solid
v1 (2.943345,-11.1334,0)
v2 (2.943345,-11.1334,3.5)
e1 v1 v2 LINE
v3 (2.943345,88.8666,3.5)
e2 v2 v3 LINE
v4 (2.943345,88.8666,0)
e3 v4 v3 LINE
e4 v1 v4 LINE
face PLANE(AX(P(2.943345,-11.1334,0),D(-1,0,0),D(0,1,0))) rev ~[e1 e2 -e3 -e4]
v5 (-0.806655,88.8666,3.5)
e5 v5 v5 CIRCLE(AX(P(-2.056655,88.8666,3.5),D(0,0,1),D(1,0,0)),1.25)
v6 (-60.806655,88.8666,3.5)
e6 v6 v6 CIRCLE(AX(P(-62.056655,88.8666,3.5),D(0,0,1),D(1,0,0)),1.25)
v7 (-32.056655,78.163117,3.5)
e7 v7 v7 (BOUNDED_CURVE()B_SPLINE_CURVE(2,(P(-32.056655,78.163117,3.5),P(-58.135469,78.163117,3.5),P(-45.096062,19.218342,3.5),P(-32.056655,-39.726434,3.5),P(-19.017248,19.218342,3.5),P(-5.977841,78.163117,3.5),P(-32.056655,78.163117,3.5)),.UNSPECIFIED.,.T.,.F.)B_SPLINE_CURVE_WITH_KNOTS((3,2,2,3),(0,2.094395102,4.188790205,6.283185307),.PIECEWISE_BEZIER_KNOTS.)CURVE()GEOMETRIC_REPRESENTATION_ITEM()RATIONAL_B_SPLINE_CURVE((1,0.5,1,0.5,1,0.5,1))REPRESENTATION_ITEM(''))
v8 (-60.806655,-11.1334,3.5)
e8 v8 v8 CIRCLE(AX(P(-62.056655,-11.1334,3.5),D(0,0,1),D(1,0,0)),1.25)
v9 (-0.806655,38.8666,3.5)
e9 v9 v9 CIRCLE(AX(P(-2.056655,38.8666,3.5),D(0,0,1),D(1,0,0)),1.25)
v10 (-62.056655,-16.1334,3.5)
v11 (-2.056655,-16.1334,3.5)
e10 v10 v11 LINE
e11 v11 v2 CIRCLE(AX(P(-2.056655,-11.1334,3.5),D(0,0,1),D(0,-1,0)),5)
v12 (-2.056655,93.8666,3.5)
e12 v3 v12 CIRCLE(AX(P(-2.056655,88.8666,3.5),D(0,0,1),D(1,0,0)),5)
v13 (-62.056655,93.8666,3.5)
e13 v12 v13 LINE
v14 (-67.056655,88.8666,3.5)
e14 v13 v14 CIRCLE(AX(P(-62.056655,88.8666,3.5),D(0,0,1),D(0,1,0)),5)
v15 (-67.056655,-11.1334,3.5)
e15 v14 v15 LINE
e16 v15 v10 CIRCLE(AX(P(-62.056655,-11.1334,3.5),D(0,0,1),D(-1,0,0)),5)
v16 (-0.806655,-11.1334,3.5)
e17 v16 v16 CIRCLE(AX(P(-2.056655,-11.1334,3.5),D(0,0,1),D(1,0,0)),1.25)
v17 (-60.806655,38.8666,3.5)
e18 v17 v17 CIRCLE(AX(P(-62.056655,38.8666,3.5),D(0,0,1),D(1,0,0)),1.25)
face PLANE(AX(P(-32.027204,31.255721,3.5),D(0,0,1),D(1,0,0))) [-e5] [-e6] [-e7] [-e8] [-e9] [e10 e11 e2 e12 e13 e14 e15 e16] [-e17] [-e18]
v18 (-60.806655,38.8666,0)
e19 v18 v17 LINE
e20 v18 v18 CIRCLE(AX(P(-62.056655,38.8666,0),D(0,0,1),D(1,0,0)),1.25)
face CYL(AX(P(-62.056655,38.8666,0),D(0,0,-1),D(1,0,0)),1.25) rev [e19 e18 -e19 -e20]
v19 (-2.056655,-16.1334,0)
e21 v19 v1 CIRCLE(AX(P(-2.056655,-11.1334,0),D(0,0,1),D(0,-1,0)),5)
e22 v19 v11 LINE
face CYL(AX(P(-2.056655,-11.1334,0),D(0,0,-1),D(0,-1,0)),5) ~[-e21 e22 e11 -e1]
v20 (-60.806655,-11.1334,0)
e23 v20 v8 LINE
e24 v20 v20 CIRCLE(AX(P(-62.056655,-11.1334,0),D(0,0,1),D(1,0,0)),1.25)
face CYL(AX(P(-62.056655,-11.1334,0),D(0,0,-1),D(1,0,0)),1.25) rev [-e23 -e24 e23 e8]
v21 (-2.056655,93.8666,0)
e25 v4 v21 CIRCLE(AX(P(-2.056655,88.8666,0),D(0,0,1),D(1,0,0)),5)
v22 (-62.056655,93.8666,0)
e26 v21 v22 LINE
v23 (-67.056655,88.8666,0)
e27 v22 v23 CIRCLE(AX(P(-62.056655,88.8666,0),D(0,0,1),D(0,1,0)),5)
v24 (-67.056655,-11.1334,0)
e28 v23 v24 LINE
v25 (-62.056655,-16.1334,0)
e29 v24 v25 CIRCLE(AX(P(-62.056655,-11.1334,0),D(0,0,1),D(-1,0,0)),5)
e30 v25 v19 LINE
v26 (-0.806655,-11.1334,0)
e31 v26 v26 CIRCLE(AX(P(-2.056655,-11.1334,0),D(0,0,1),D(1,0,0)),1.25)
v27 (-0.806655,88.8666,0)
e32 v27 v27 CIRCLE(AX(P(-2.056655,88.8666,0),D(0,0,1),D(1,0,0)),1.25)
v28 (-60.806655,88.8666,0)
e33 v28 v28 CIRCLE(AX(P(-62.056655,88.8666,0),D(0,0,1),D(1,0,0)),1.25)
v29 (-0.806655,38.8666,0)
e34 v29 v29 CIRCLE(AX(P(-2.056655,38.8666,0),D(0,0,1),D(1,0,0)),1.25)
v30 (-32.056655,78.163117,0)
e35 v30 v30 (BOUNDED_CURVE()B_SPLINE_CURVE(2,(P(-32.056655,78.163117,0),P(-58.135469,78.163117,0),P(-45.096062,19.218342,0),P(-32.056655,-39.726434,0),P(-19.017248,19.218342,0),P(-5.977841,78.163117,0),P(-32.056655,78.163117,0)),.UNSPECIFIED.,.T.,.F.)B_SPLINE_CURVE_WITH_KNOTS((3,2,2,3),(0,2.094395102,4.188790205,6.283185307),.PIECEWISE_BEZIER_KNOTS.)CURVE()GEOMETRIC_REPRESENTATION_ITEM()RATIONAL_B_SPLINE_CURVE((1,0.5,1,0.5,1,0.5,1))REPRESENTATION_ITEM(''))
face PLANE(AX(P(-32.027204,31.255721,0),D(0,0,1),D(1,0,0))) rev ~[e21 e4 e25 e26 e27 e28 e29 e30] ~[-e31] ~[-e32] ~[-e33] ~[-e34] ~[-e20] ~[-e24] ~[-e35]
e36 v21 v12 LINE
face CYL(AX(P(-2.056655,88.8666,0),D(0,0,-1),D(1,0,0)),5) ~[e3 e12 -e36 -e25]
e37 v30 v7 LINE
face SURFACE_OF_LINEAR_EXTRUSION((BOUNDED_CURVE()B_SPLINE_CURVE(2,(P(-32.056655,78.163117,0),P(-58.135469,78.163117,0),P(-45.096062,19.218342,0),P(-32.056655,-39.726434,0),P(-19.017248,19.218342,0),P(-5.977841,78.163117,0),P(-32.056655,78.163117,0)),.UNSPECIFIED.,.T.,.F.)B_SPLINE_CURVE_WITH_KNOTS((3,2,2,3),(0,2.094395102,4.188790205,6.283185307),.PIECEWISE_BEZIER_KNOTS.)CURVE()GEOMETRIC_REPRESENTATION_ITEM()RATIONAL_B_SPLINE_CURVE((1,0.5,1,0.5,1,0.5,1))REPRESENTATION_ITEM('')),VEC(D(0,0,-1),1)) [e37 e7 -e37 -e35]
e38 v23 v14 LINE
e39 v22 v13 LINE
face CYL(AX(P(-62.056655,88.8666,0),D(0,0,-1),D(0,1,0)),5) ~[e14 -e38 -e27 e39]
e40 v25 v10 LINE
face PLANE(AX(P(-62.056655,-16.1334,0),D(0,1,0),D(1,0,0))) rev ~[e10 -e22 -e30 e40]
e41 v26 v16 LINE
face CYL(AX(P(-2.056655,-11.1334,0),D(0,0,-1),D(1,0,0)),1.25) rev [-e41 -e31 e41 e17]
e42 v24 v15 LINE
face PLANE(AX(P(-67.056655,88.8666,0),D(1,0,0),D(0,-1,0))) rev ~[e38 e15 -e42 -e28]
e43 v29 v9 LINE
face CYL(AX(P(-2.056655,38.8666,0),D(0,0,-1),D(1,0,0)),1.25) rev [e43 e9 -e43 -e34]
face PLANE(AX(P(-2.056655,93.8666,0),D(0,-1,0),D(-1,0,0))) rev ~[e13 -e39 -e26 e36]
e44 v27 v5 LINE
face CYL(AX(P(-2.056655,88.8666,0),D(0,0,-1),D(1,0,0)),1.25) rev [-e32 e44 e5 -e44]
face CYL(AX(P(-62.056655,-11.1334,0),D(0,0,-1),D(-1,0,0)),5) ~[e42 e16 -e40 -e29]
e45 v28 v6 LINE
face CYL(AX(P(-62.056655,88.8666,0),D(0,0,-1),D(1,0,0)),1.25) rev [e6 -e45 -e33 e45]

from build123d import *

# Parameters (mm, degrees)
F0_R     = 1.25
F1_DEPTH = 3.5


with BuildPart() as f1:
    # F0 (on Top) → F1 (new body)
    with BuildSketch(Plane.XY):
        with BuildLine():
            ThreePointArc((2.9433448431, 88.8666001019), (1.4788787491, 92.4021340078), (-2.0566551569, 93.8666001019))
            Line((-2.0566551569, 93.8666001019), (-5.0066551569, 93.8666001019))
            Line((-5.0066551569, 93.8666001019), (-5.0066551569, 81.6666001019))
            Line((-5.0066551569, 81.6666001019), (-5.0066551569, 0.7979066769))
            ThreePointArc((-5.0066551569, 0.7979066769), (-4.1629808928, -0.3137986112), (-3.8633385987, -1.6768427803))
            ThreePointArc((-3.8633385987, -1.6768427803), (-5.8965647397, -4.6904720501), (-9.452237907, -3.9333998981))
            Line((-9.452237907, -3.9333998981), (-54.6582675917, -3.9333998981))
            ThreePointArc((-54.6582675917, -3.9333998981), (-59.2649098879, -3.7999920333), (-59.1066551569, 0.8058636248))
            Line((-59.1066551569, 0.8058636248), (-59.1066551569, 81.6666001019))
            Line((-59.1066551569, 81.6666001019), (-59.1066551569, 93.8666001019))
            Line((-59.1066551569, 93.8666001019), (-62.0566551569, 93.8666001019))
            ThreePointArc((-62.0566551569, 93.8666001019), (-65.5921890628, 92.4021340078), (-67.0566551569, 88.8666001019))
            Line((-67.0566551569, 88.8666001019), (-67.0566551569, -11.1333998981))
            ThreePointArc((-67.0566551569, -11.1333998981), (-65.5921890628, -14.668933804), (-62.0566551569, -16.1333998981))
            Line((-62.0566551569, -16.1333998981), (-2.0566551569, -16.1333998981))
            ThreePointArc((-2.0566551569, -16.1333998981), (1.4788787491, -14.668933804), (2.9433448431, -11.1333998981))
            Line((2.9433448431, -11.1333998981), (2.9433448431, 88.8666001019))
        make_face()
        with Locations((-62.0566551569, -11.1333998981)):
            Circle(F0_R, mode=Mode.SUBTRACT)
        with Locations((-2.0566551569, -11.1333998981)):
            Circle(F0_R, mode=Mode.SUBTRACT)
        with Locations((-62.0566551569, 38.8666001019)):
            Circle(F0_R, mode=Mode.SUBTRACT)
        with Locations((-62.0566551569, 88.8666001019)):
            Circle(F0_R, mode=Mode.SUBTRACT)
        with Locations((-2.0566551569, 38.8666001019)):
            Circle(F0_R, mode=Mode.SUBTRACT)
        with Locations((-2.0566551569, 88.8666001019)):
            Circle(F0_R, mode=Mode.SUBTRACT)
        with BuildLine():
            Line((-5.0066551569, 81.6666001019), (-5.0066551569, 93.8666001019))
            Line((-5.0066551569, 93.8666001019), (-59.1066551569, 93.8666001019))
            Line((-59.1066551569, 93.8666001019), (-59.1066551569, 81.6666001019))
            Line((-59.1066551569, 81.6666001019), (-59.1066551569, 0.8058636248))
            ThreePointArc((-59.1066551569, 0.8058636248), (-58.157920057, 1.4189207855), (-57.0566551569, 1.6702233759))
            Line((-57.0566551569, 1.6702233759), (-57.0566551569, 80.6666001019))
            Line((-57.0566551569, 80.6666001019), (-7.0566551569, 80.6666001019))
            Line((-7.0566551569, 80.6666001019), (-7.0566551569, 1.5726628725))
            ThreePointArc((-7.0566551569, 1.5726628725), (-5.964382177, 1.3632886545), (-5.0066551569, 0.7979066769))
            Line((-5.0066551569, 0.7979066769), (-5.0066551569, 81.6666001019))
        make_face()
        with BuildLine():
            ThreePointArc((-10.1105980486, -2.9333998981), (-9.8036726371, 0.1465065451), (-7.0566551569, 1.5726628725))
            Line((-7.0566551569, 1.5726628725), (-7.0566551569, 80.6666001019))
            Line((-7.0566551569, 80.6666001019), (-57.0566551569, 80.6666001019))
            Line((-57.0566551569, 80.6666001019), (-57.0566551569, 1.6702233759))
            ThreePointArc((-57.0566551569, 1.6702233759), (-54.6549409256, 0.7787072332), (-53.6452436516, -1.5757658918))
            ThreePointArc((-53.6452436516, -1.5757658918), (-53.7203998576, -2.2706521298), (-53.9423925031, -2.9333998981))
            Line((-53.9423925031, -2.9333998981), (-10.1105980486, -2.9333998981))
        make_face()
        with BuildLine():
            add(Edge.make_bspline(
                [(-32.0566551569, 78.1631171703), (-58.1354688254, 78.1631171703), (-45.0960619911, 19.2183415677), (-32.0566551569, -39.7264340349), (-19.0172483226, 19.2183415677), (-5.9778414883, 78.1631171703), (-32.0566551569, 78.1631171703)],
                knots=[0, 0, 0, 2.0943951024, 2.0943951024, 4.1887902048, 4.1887902048, 6.2831853072, 6.2831853072, 6.2831853072], degree=2, weights=[1, 0.5, 1, 0.5, 1, 0.5, 1]))
        make_face(mode=Mode.SUBTRACT)
        with BuildLine():
            ThreePointArc((-57.0566551569, 1.6702233759), (-58.157920057, 1.4189207855), (-59.1066551569, 0.8058636248))
            Line((-59.1066551569, 0.8058636248), (-59.1066551569, -3.9333998981))
            Line((-59.1066551569, -3.9333998981), (-54.6582675917, -3.9333998981))
            ThreePointArc((-54.6582675917, -3.9333998981), (-54.2525978915, -3.4675701594), (-53.9423925031, -2.9333998981))
            Line((-53.9423925031, -2.9333998981), (-57.0566551569, -2.9333998981))
            Line((-57.0566551569, -2.9333998981), (-57.0566551569, 1.6702233759))
        make_face()
        with BuildLine():
            ThreePointArc((-53.6452436516, -1.5757658918), (-54.6549409256, 0.7787072332), (-57.0566551569, 1.6702233759))
            Line((-57.0566551569, 1.6702233759), (-57.0566551569, -2.9333998981))
            Line((-57.0566551569, -2.9333998981), (-53.9423925031, -2.9333998981))
            ThreePointArc((-53.9423925031, -2.9333998981), (-53.7203998576, -2.2706521298), (-53.6452436516, -1.5757658918))
        make_face()
        with BuildLine():
            Line((-59.1066551569, -3.9333998981), (-59.1066551569, 0.8058636248))
            ThreePointArc((-59.1066551569, 0.8058636248), (-59.2649098879, -3.7999920333), (-54.6582675917, -3.9333998981))
            Line((-54.6582675917, -3.9333998981), (-59.1066551569, -3.9333998981))
        make_face()
        with BuildLine():
            ThreePointArc((-53.9423925031, -2.9333998981), (-54.2525978915, -3.4675701594), (-54.6582675917, -3.9333998981))
            Line((-54.6582675917, -3.9333998981), (-9.452237907, -3.9333998981))
            ThreePointArc((-9.452237907, -3.9333998981), (-9.827863893, -3.4639780374), (-10.1105980486, -2.9333998981))
            Line((-10.1105980486, -2.9333998981), (-53.9423925031, -2.9333998981))
        make_face()
        with BuildLine():
            ThreePointArc((-3.8633385987, -1.6768427803), (-4.1629808928, -0.3137986112), (-5.0066551569, 0.7979066769))
            Line((-5.0066551569, 0.7979066769), (-5.0066551569, -3.9333998981))
            Line((-5.0066551569, -3.9333998981), (-9.452237907, -3.9333998981))
            ThreePointArc((-9.452237907, -3.9333998981), (-5.8965647397, -4.6904720501), (-3.8633385987, -1.6768427803))
        make_face()
        with BuildLine():
            Line((-5.0066551569, -3.9333998981), (-5.0066551569, 0.7979066769))
            ThreePointArc((-5.0066551569, 0.7979066769), (-5.964382177, 1.3632886545), (-7.0566551569, 1.5726628725))
            Line((-7.0566551569, 1.5726628725), (-7.0566551569, -2.9333998981))
            Line((-7.0566551569, -2.9333998981), (-10.1105980486, -2.9333998981))
            ThreePointArc((-10.1105980486, -2.9333998981), (-9.827863893, -3.4639780374), (-9.452237907, -3.9333998981))
            Line((-9.452237907, -3.9333998981), (-5.0066551569, -3.9333998981))
        make_face()
        with BuildLine():
            Line((-7.0566551569, -2.9333998981), (-7.0566551569, 1.5726628725))
            ThreePointArc((-7.0566551569, 1.5726628725), (-9.8036726371, 0.1465065451), (-10.1105980486, -2.9333998981))
            Line((-10.1105980486, -2.9333998981), (-7.0566551569, -2.9333998981))
        make_face()
    extrude(amount=F1_DEPTH)


solid = f1.part
